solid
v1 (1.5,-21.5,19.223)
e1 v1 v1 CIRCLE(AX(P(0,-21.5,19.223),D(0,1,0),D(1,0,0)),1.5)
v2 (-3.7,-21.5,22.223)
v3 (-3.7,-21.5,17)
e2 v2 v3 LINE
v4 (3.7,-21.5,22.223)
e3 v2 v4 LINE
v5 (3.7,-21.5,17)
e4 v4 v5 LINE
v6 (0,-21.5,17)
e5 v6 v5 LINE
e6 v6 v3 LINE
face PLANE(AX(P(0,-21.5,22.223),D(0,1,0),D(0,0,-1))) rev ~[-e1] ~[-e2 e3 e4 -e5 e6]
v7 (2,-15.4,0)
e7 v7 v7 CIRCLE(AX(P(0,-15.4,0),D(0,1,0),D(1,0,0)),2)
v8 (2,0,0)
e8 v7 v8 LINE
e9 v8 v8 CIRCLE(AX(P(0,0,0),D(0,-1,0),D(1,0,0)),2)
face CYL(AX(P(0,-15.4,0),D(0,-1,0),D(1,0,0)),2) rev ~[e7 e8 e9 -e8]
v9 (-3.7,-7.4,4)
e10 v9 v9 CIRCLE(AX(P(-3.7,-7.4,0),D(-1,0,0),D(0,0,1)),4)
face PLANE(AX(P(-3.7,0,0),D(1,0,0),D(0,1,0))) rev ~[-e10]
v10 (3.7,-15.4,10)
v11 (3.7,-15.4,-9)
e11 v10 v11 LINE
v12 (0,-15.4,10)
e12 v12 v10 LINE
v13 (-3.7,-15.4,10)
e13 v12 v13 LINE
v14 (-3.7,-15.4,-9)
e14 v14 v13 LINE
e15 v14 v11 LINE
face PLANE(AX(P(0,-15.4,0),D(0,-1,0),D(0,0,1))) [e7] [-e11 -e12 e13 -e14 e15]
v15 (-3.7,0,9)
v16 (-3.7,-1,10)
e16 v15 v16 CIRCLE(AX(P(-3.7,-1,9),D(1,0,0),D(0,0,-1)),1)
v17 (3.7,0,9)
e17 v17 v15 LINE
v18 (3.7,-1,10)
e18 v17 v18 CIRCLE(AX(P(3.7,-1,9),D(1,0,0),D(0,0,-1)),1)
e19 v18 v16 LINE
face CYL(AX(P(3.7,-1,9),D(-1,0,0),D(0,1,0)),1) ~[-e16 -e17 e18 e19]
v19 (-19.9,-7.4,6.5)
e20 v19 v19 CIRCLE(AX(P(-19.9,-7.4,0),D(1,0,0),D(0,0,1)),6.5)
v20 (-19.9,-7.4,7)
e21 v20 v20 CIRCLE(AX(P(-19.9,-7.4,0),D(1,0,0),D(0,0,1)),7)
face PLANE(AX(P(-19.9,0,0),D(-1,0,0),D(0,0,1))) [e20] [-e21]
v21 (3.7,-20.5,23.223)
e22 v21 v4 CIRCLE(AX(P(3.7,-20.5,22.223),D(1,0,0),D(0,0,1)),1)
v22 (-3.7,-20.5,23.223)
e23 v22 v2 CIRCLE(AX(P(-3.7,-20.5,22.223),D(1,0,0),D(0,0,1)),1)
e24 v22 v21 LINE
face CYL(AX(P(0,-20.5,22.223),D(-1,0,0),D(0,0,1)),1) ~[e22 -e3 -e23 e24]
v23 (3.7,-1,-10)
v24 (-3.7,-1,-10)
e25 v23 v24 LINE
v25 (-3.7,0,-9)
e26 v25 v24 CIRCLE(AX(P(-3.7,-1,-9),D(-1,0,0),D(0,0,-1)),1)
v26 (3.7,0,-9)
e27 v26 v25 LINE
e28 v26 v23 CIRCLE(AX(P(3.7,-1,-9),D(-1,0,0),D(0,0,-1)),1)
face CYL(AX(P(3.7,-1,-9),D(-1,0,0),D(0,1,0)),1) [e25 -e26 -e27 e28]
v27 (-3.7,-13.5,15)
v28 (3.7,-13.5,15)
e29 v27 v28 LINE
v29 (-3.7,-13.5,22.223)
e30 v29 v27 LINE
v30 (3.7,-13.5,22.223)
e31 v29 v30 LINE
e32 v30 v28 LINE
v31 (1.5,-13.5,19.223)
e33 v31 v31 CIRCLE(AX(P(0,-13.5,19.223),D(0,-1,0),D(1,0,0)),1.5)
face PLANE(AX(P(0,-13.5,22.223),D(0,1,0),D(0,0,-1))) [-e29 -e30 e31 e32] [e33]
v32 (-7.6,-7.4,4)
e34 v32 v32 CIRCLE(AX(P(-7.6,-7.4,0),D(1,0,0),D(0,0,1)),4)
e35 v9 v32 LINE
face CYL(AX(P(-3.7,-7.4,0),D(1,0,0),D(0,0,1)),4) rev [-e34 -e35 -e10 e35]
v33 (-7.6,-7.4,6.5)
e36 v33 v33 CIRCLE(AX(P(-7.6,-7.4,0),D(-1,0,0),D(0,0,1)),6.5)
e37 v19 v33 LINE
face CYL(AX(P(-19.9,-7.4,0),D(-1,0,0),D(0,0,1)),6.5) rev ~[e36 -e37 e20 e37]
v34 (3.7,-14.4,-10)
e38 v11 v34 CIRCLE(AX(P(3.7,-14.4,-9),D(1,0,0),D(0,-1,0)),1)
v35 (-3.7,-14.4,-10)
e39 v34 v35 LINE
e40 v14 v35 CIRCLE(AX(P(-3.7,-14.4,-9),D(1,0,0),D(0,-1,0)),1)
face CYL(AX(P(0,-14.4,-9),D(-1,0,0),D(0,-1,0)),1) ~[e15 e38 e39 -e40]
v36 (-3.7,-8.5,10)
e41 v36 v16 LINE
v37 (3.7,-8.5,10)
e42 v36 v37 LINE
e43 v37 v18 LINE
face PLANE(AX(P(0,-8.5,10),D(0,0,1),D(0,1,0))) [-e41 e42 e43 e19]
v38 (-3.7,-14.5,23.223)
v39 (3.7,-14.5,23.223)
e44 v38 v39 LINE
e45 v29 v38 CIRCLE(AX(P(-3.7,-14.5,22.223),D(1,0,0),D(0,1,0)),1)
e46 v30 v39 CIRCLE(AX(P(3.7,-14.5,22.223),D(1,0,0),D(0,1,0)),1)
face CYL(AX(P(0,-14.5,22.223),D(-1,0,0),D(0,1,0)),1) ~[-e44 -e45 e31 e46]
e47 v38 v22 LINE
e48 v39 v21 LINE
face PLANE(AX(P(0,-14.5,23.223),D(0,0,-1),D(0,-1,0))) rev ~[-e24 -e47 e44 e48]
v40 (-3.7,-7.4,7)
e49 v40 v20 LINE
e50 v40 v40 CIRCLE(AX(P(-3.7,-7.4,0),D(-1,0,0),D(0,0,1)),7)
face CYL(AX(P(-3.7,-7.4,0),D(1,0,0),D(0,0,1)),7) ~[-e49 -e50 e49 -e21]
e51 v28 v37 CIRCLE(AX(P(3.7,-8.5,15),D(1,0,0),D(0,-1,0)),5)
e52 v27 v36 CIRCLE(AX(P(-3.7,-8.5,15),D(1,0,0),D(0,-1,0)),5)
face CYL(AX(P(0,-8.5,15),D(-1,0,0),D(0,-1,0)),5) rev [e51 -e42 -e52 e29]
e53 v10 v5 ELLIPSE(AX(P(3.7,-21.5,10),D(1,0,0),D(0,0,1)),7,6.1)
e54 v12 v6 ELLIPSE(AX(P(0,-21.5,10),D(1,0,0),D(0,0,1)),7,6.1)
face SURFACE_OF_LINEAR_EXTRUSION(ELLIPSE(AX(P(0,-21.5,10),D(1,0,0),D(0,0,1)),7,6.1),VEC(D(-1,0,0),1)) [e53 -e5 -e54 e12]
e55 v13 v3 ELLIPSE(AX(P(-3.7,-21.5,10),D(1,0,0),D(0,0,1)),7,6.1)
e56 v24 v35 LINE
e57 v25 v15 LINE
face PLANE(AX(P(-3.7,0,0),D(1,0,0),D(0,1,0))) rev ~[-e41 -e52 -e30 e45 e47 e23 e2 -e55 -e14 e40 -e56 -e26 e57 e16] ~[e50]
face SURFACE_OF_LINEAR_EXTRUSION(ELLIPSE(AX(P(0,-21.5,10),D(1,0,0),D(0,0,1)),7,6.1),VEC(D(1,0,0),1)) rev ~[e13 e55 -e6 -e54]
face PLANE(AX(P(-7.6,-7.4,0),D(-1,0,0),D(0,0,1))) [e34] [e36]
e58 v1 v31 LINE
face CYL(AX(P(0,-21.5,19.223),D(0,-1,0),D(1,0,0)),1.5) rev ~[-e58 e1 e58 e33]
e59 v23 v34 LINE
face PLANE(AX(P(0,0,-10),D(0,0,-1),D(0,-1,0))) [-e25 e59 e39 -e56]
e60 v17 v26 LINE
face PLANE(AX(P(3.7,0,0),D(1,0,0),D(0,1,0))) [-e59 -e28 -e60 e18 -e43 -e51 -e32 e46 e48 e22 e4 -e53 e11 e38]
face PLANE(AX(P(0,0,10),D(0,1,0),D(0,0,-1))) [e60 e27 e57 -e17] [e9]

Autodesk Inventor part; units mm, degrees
sketch "Sketch5" plane through (0, 0, 0) normal (1, 0, 0) x (0, 1, 0)
  line L0 (-8.5, 10) -> (0, 10)
  line L1 (0, 10) -> (0, -10)
  line L2 (0, -10) -> (-14.4, -10)
  line L3 (-15.4, -9) -> (-15.4, 10)
  line L4 (-26.0485, 0) -> (4.3414, 0) projected
  line L5 (0, -16.9345) -> (0, 30.1575) projected
  line L6 (-14.5, 23.223) -> (-20.5, 23.223)
  line L7 (-21.5, 22.223) -> (-21.5, 17)
  ellipse E0 centre (-21.5, 10) end of major axis (-21.5, 17) minor radius 6.1 (-15.4, 10) -> (-21.5, 17) ccw
  line L8 (-13.5, 22.223) -> (-13.5, 15)
  arc A0 (-20.5, 23.223) -> (-21.5, 22.223) centre (-20.5, 22.223) ccw
  arc A1 (-13.5, 22.223) -> (-14.5, 23.223) centre (-14.5, 22.223) ccw
  arc A2 (-15.4, -9) -> (-14.4, -10) centre (-14.4, -9) ccw
  arc A3 (-13.5, 15) -> (-8.5, 10) centre (-8.5, 15) ccw
  point P0 (0, 0)
  point P1 (-15.4, -10)
  point P2 (-13.5, 10)
  dimension "d64" = 6.1
  dimension "d78" = 7
  dimension "d31" = 15.4
  dimension "d32" = 20
  dimension "d33" = 10
  dimension "d34" = 15.4
  dimension "d58" = 21.5
  dimension "d59" = 23.223
  dimension "d71" = 8
  dimension "d74" = 1
  dimension "d75" = 1
  dimension "d76" = 0
  dimension "d77" = 5
extrude "Extrusion4" add sketch "Sketch5" along normal mid plane 7.4
sketch "Sketch6" plane through (-3.7, -15.4, -10) normal (0, -1, 0) x (1, 0, 0)
  circle A0 centre (3.7, 10) radius 2
  line L0 (3.7, 39.8676) -> (3.7, -6.6446) projected
  point P0 (3.7, 10)
  dimension "d37" = 4
extrude "Extrusion5" cut sketch "Sketch6" against normal blind 15.5
sketch "Sketch7" plane through (-3.7, 0, 0) normal (-1, 0, 0) x (0, 0, 1)
  circle A0 centre (0, -7.4) radius 7
  line L0 (10, 0) -> (-10, 0) projected
  line L1 (0, -25.8) -> (0, 4.3) projected
  circle A1 centre (0, -7.4) radius 4
  point P0 (0, 0)
  dimension "d40" = 14
  dimension "d41" = 7.4
  dimension "d42" = 0
  dimension "d43" = 8
extrude "Extrusion6" add sketch "Sketch7" along normal blind 16.2 contours A0 L1 A1 | L1 A1 A0
sketch "Sketch8" plane through (-19.9, -7.4, 0) normal (-1, 0, 0) x (0, 0, 1)
  circle A0 centre (0, 0) radius 6.5
  line L0 (0, 11.7) -> (0, -18.4) projected
  line L1 (10, 7.4) -> (-10, 7.4) projected
  point P0 (0, 7.4)
  dimension "d46" = 13
  dimension "d47" = 0
  dimension "d48" = 7.4
extrude "Extrusion7" cut sketch "Sketch8" against normal blind 12.3
sketch "Sketch10" plane through (-3.7, -21.5, 17) normal (0, -1, 0) x (1, 0, 0)
  circle A0 centre (3.7, 2.223) radius 1.5
  line L0 (-1.48, -17) -> (8.88, -17) projected
  line L1 (3.7, 12.8676) -> (3.7, -33.6446) projected
  point P0 (3.7, -17)
  dimension "d82" = 3
  dimension "d83" = 19.223
  dimension "d84" = 0
extrude "Extrusion8" cut sketch "Sketch10" against normal blind 8
fillet "Fillet1" radius 1 1 edges at (0, 0, -10)
fillet "Fillet2" radius 1 1 edges at (0, 0, 10)
properties part number "support_avant"
